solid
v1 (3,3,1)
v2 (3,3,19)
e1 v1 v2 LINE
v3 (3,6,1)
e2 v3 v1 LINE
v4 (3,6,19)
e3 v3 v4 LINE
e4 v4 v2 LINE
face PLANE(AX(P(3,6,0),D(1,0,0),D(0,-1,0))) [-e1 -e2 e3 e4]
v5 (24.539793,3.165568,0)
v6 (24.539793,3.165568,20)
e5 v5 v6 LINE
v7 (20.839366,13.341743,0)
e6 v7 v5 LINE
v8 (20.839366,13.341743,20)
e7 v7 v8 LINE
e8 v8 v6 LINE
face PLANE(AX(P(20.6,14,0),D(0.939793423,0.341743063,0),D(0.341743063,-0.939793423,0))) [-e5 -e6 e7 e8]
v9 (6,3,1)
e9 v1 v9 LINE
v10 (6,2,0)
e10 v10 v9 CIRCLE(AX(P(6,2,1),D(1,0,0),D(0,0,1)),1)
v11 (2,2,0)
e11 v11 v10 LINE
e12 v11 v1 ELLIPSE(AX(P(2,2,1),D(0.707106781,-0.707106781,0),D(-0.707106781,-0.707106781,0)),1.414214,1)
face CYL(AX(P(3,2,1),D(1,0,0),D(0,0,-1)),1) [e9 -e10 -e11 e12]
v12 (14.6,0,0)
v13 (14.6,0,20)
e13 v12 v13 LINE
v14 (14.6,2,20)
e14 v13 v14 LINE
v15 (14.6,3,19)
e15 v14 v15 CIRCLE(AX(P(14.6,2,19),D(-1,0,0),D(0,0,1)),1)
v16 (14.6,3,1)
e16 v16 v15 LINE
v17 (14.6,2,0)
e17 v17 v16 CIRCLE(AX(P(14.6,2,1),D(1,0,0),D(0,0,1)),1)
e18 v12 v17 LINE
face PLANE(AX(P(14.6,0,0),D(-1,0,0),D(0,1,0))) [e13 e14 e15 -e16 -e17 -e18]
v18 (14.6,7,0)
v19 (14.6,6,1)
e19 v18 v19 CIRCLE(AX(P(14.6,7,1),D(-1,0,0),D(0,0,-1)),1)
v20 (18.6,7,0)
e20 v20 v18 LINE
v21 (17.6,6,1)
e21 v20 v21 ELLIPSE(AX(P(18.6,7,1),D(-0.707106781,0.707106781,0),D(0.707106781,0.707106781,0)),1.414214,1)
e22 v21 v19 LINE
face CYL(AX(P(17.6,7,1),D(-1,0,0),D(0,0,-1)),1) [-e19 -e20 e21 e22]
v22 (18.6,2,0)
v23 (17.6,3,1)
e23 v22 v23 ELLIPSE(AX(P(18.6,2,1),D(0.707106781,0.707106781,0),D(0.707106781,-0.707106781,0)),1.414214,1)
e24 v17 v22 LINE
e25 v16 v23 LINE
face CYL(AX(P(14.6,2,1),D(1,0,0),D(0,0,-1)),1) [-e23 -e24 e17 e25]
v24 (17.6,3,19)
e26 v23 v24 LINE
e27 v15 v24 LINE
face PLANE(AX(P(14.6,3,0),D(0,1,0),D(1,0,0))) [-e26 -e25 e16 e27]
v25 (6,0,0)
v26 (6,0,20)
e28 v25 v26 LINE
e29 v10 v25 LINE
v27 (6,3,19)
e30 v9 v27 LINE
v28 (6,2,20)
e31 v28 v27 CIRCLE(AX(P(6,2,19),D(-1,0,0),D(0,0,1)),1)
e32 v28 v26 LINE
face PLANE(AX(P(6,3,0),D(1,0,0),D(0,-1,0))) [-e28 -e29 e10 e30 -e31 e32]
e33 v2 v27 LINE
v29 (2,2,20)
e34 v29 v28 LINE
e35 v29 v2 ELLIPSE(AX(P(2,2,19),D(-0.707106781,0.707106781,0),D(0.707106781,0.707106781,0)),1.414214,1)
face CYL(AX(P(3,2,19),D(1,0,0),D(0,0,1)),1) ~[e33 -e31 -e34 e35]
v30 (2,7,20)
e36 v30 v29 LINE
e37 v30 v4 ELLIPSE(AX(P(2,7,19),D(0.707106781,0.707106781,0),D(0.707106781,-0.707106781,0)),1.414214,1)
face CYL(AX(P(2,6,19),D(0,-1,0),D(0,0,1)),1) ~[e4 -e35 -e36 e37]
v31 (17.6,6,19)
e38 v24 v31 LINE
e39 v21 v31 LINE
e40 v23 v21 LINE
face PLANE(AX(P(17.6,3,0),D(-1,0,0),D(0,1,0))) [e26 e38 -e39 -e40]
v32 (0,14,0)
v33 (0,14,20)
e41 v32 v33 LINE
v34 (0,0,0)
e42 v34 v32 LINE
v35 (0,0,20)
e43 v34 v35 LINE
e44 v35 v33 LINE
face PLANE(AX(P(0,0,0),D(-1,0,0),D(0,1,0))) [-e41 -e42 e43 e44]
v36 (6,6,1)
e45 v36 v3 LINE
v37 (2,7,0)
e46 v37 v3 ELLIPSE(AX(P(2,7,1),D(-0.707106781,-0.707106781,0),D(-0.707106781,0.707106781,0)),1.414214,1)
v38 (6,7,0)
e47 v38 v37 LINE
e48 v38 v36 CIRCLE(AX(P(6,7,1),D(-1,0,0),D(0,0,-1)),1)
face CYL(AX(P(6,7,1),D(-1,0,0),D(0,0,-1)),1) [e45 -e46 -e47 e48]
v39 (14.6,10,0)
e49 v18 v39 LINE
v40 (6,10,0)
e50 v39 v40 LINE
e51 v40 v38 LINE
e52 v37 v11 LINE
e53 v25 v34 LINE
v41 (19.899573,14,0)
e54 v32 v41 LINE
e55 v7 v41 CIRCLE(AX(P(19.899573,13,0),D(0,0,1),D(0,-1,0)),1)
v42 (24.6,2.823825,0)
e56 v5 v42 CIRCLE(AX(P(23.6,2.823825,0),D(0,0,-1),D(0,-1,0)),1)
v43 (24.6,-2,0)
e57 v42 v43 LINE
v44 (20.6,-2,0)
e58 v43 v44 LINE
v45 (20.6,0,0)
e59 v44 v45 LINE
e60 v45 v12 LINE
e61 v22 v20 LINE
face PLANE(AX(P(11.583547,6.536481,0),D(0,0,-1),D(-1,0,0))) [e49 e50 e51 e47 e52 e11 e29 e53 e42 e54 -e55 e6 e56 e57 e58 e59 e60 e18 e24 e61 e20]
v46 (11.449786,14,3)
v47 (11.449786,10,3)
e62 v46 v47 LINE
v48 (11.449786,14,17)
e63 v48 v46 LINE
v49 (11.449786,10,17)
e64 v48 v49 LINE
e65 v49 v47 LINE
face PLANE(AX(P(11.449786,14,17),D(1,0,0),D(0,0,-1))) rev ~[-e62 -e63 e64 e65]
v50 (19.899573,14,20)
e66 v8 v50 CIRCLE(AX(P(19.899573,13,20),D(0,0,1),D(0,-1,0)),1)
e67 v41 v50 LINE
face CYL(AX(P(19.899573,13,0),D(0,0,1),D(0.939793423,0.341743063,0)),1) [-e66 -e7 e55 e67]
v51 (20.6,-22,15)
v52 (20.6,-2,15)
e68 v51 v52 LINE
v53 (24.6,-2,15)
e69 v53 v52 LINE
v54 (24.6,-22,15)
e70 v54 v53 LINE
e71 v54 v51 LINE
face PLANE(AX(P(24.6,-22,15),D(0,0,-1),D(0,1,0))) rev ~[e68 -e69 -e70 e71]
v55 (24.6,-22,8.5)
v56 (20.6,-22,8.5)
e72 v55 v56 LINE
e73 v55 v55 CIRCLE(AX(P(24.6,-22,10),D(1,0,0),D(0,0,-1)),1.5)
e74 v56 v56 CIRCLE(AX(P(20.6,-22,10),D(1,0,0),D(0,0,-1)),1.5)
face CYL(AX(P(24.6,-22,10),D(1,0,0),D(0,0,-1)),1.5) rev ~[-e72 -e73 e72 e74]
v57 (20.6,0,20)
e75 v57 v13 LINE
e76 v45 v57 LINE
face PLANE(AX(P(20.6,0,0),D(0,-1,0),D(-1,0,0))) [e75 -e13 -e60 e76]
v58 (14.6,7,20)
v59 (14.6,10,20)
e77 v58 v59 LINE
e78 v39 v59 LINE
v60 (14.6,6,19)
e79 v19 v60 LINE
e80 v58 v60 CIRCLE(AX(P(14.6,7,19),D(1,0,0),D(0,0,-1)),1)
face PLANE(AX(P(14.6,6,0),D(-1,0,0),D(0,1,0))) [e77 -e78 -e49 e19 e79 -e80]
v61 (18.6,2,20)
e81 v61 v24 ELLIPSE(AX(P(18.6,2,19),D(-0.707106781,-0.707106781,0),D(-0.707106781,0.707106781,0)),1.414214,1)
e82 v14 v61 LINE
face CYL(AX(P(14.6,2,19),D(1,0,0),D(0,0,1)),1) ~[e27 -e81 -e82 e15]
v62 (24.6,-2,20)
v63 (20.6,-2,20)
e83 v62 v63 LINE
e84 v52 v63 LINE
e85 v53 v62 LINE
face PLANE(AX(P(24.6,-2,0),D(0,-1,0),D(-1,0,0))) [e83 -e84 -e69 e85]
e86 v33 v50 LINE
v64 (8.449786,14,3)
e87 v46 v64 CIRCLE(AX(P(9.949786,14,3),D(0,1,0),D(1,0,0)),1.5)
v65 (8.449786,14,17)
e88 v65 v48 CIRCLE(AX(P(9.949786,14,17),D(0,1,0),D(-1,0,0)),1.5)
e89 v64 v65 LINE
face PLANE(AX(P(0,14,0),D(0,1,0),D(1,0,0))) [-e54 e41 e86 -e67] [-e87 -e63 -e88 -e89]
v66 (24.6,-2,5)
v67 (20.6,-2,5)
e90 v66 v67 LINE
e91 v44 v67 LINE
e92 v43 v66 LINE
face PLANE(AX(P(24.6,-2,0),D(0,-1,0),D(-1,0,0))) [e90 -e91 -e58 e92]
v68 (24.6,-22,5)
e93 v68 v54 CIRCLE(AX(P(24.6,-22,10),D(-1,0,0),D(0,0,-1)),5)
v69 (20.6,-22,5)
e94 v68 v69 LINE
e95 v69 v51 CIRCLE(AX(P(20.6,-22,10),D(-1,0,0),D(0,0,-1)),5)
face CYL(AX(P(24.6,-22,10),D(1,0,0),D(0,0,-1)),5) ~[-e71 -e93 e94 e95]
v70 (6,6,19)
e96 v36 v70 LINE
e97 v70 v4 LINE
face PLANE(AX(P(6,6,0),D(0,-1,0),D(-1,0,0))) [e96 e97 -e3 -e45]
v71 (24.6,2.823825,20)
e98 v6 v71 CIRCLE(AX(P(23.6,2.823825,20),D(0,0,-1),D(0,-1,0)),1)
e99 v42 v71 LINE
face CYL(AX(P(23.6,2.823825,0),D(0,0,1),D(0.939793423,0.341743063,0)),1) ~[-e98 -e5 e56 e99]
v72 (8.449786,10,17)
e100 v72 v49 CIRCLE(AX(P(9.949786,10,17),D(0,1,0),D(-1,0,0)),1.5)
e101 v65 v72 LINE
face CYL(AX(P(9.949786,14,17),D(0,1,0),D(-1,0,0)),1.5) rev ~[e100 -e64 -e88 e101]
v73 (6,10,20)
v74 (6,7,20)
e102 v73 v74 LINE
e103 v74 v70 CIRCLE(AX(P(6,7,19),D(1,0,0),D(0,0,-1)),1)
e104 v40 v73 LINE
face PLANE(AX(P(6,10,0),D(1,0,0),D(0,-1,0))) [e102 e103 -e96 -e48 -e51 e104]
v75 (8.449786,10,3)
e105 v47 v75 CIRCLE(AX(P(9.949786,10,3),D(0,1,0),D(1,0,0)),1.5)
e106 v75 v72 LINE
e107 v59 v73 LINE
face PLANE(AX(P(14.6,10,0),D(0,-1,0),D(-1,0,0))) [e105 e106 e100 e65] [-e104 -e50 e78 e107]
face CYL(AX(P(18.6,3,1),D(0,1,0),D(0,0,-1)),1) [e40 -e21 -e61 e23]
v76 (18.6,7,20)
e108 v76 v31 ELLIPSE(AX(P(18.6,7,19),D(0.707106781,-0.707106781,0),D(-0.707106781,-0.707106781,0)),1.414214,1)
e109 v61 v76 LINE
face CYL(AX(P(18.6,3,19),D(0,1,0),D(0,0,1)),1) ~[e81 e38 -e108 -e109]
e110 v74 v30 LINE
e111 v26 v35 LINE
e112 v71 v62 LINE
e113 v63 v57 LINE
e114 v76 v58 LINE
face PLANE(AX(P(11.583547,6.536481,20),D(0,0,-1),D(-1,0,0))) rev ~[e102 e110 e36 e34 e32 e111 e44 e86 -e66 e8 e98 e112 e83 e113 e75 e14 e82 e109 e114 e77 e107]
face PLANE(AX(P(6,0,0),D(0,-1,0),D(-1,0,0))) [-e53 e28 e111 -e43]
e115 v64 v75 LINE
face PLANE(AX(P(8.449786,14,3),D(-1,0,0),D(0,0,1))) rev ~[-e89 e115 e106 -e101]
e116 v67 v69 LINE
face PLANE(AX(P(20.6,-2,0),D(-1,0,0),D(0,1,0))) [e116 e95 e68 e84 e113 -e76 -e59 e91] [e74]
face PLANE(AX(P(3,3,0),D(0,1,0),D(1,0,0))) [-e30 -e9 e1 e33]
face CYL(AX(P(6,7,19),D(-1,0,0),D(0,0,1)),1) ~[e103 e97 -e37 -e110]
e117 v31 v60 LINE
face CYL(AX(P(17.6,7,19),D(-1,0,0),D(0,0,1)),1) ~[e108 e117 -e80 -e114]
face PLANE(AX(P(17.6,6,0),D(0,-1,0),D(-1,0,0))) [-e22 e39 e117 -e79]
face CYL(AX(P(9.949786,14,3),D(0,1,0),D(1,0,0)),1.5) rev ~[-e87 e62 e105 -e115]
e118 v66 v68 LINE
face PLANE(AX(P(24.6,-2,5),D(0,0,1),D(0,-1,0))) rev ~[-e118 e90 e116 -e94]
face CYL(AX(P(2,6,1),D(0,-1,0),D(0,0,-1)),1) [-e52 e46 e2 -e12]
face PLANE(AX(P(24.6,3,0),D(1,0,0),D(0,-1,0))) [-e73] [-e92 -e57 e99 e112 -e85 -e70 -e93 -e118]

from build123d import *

# Parameters (mm, degrees)
EXTRUDE_1_DEPTH     = 20
SKETCH_2_R          = 1.5
EXTRUDE_2_DEPTH     = 4
FILLET_5_R          = 1
CUT_EXTRUDE_1_REACH = 53.828


with BuildPart() as part:
    # 草图1 → 凸台-拉伸1 (new body)
    with BuildSketch(Plane.XY):
        Polygon((20.6, 14), (24.6, 3), (24.6, -2), (20.6, -2), (20.6, 0), (14.6, 0), (14.6, 3), (17.6, 3), (17.6, 6), (14.6, 6), (14.6, 10), (6, 10), (6, 6), (3, 6), (3, 3), (6, 3), (6, 0), (0, 0), (0, 14), align=None)
    extrude(amount=EXTRUDE_1_DEPTH)

    # 草图2 → 凸台-拉伸2 (add)
    with BuildSketch(Plane(origin=(24.6, 0, 0), x_dir=(0, 0, -1), z_dir=(1, 0, 0))):
        with BuildLine():
            Line((-15, -2), (-5, -2))
            Line((-5, -2), (-5, -22))
            ThreePointArc((-5, -22), (-10, -27), (-15, -22))
            Line((-15, -22), (-15, -2))
        make_face()
        with Locations((-10, -22)):
            Circle(SKETCH_2_R, mode=Mode.SUBTRACT)
    extrude(amount=-EXTRUDE_2_DEPTH)

    # 圆角5
    fillet_5_edges = [part.edges().sort_by_distance(p)[0] for p in [
        (16.1, 3, 0),
        (17.6, 4.5, 0),
        (16.1, 6, 0),
        (4.5, 6, 0),
        (3, 4.5, 0),
        (4.5, 3, 0),
        (4.5, 3, 20),
        (3, 4.5, 20),
        (20.6, 14, 10),
        (24.6, 3, 10),
        (4.5, 6, 20),
        (16.1, 6, 20),
        (17.6, 4.5, 20),
        (16.1, 3, 20),
    ]]
    fillet(fillet_5_edges, radius=FILLET_5_R)

    # 草图3 → 切除-拉伸1 (cut, up to next)
    with BuildSketch(Plane(origin=(0, 14, 0), x_dir=(1, 0, 0), z_dir=(0, 1, 0)), mode=Mode.PRIVATE) as cut_extrude_1_sk1:
        with BuildLine():
            Line((8.449786368, -3), (8.449786368, -17))
            ThreePointArc((8.449786368, -17), (9.949786368, -18.5), (11.449786368, -17))
            Line((11.449786368, -17), (11.449786368, -3))
            ThreePointArc((11.449786368, -3), (9.949786368, -1.5), (8.449786368, -3))
        make_face()
    cut_extrude_1_tool1 = extrude(cut_extrude_1_sk1.sketch, amount=-CUT_EXTRUDE_1_REACH, mode=Mode.PRIVATE) & part.part
    add(cut_extrude_1_tool1.solids().sort_by_distance((9.949786, 14, 10))[0], mode=Mode.SUBTRACT)


solid = part.part
